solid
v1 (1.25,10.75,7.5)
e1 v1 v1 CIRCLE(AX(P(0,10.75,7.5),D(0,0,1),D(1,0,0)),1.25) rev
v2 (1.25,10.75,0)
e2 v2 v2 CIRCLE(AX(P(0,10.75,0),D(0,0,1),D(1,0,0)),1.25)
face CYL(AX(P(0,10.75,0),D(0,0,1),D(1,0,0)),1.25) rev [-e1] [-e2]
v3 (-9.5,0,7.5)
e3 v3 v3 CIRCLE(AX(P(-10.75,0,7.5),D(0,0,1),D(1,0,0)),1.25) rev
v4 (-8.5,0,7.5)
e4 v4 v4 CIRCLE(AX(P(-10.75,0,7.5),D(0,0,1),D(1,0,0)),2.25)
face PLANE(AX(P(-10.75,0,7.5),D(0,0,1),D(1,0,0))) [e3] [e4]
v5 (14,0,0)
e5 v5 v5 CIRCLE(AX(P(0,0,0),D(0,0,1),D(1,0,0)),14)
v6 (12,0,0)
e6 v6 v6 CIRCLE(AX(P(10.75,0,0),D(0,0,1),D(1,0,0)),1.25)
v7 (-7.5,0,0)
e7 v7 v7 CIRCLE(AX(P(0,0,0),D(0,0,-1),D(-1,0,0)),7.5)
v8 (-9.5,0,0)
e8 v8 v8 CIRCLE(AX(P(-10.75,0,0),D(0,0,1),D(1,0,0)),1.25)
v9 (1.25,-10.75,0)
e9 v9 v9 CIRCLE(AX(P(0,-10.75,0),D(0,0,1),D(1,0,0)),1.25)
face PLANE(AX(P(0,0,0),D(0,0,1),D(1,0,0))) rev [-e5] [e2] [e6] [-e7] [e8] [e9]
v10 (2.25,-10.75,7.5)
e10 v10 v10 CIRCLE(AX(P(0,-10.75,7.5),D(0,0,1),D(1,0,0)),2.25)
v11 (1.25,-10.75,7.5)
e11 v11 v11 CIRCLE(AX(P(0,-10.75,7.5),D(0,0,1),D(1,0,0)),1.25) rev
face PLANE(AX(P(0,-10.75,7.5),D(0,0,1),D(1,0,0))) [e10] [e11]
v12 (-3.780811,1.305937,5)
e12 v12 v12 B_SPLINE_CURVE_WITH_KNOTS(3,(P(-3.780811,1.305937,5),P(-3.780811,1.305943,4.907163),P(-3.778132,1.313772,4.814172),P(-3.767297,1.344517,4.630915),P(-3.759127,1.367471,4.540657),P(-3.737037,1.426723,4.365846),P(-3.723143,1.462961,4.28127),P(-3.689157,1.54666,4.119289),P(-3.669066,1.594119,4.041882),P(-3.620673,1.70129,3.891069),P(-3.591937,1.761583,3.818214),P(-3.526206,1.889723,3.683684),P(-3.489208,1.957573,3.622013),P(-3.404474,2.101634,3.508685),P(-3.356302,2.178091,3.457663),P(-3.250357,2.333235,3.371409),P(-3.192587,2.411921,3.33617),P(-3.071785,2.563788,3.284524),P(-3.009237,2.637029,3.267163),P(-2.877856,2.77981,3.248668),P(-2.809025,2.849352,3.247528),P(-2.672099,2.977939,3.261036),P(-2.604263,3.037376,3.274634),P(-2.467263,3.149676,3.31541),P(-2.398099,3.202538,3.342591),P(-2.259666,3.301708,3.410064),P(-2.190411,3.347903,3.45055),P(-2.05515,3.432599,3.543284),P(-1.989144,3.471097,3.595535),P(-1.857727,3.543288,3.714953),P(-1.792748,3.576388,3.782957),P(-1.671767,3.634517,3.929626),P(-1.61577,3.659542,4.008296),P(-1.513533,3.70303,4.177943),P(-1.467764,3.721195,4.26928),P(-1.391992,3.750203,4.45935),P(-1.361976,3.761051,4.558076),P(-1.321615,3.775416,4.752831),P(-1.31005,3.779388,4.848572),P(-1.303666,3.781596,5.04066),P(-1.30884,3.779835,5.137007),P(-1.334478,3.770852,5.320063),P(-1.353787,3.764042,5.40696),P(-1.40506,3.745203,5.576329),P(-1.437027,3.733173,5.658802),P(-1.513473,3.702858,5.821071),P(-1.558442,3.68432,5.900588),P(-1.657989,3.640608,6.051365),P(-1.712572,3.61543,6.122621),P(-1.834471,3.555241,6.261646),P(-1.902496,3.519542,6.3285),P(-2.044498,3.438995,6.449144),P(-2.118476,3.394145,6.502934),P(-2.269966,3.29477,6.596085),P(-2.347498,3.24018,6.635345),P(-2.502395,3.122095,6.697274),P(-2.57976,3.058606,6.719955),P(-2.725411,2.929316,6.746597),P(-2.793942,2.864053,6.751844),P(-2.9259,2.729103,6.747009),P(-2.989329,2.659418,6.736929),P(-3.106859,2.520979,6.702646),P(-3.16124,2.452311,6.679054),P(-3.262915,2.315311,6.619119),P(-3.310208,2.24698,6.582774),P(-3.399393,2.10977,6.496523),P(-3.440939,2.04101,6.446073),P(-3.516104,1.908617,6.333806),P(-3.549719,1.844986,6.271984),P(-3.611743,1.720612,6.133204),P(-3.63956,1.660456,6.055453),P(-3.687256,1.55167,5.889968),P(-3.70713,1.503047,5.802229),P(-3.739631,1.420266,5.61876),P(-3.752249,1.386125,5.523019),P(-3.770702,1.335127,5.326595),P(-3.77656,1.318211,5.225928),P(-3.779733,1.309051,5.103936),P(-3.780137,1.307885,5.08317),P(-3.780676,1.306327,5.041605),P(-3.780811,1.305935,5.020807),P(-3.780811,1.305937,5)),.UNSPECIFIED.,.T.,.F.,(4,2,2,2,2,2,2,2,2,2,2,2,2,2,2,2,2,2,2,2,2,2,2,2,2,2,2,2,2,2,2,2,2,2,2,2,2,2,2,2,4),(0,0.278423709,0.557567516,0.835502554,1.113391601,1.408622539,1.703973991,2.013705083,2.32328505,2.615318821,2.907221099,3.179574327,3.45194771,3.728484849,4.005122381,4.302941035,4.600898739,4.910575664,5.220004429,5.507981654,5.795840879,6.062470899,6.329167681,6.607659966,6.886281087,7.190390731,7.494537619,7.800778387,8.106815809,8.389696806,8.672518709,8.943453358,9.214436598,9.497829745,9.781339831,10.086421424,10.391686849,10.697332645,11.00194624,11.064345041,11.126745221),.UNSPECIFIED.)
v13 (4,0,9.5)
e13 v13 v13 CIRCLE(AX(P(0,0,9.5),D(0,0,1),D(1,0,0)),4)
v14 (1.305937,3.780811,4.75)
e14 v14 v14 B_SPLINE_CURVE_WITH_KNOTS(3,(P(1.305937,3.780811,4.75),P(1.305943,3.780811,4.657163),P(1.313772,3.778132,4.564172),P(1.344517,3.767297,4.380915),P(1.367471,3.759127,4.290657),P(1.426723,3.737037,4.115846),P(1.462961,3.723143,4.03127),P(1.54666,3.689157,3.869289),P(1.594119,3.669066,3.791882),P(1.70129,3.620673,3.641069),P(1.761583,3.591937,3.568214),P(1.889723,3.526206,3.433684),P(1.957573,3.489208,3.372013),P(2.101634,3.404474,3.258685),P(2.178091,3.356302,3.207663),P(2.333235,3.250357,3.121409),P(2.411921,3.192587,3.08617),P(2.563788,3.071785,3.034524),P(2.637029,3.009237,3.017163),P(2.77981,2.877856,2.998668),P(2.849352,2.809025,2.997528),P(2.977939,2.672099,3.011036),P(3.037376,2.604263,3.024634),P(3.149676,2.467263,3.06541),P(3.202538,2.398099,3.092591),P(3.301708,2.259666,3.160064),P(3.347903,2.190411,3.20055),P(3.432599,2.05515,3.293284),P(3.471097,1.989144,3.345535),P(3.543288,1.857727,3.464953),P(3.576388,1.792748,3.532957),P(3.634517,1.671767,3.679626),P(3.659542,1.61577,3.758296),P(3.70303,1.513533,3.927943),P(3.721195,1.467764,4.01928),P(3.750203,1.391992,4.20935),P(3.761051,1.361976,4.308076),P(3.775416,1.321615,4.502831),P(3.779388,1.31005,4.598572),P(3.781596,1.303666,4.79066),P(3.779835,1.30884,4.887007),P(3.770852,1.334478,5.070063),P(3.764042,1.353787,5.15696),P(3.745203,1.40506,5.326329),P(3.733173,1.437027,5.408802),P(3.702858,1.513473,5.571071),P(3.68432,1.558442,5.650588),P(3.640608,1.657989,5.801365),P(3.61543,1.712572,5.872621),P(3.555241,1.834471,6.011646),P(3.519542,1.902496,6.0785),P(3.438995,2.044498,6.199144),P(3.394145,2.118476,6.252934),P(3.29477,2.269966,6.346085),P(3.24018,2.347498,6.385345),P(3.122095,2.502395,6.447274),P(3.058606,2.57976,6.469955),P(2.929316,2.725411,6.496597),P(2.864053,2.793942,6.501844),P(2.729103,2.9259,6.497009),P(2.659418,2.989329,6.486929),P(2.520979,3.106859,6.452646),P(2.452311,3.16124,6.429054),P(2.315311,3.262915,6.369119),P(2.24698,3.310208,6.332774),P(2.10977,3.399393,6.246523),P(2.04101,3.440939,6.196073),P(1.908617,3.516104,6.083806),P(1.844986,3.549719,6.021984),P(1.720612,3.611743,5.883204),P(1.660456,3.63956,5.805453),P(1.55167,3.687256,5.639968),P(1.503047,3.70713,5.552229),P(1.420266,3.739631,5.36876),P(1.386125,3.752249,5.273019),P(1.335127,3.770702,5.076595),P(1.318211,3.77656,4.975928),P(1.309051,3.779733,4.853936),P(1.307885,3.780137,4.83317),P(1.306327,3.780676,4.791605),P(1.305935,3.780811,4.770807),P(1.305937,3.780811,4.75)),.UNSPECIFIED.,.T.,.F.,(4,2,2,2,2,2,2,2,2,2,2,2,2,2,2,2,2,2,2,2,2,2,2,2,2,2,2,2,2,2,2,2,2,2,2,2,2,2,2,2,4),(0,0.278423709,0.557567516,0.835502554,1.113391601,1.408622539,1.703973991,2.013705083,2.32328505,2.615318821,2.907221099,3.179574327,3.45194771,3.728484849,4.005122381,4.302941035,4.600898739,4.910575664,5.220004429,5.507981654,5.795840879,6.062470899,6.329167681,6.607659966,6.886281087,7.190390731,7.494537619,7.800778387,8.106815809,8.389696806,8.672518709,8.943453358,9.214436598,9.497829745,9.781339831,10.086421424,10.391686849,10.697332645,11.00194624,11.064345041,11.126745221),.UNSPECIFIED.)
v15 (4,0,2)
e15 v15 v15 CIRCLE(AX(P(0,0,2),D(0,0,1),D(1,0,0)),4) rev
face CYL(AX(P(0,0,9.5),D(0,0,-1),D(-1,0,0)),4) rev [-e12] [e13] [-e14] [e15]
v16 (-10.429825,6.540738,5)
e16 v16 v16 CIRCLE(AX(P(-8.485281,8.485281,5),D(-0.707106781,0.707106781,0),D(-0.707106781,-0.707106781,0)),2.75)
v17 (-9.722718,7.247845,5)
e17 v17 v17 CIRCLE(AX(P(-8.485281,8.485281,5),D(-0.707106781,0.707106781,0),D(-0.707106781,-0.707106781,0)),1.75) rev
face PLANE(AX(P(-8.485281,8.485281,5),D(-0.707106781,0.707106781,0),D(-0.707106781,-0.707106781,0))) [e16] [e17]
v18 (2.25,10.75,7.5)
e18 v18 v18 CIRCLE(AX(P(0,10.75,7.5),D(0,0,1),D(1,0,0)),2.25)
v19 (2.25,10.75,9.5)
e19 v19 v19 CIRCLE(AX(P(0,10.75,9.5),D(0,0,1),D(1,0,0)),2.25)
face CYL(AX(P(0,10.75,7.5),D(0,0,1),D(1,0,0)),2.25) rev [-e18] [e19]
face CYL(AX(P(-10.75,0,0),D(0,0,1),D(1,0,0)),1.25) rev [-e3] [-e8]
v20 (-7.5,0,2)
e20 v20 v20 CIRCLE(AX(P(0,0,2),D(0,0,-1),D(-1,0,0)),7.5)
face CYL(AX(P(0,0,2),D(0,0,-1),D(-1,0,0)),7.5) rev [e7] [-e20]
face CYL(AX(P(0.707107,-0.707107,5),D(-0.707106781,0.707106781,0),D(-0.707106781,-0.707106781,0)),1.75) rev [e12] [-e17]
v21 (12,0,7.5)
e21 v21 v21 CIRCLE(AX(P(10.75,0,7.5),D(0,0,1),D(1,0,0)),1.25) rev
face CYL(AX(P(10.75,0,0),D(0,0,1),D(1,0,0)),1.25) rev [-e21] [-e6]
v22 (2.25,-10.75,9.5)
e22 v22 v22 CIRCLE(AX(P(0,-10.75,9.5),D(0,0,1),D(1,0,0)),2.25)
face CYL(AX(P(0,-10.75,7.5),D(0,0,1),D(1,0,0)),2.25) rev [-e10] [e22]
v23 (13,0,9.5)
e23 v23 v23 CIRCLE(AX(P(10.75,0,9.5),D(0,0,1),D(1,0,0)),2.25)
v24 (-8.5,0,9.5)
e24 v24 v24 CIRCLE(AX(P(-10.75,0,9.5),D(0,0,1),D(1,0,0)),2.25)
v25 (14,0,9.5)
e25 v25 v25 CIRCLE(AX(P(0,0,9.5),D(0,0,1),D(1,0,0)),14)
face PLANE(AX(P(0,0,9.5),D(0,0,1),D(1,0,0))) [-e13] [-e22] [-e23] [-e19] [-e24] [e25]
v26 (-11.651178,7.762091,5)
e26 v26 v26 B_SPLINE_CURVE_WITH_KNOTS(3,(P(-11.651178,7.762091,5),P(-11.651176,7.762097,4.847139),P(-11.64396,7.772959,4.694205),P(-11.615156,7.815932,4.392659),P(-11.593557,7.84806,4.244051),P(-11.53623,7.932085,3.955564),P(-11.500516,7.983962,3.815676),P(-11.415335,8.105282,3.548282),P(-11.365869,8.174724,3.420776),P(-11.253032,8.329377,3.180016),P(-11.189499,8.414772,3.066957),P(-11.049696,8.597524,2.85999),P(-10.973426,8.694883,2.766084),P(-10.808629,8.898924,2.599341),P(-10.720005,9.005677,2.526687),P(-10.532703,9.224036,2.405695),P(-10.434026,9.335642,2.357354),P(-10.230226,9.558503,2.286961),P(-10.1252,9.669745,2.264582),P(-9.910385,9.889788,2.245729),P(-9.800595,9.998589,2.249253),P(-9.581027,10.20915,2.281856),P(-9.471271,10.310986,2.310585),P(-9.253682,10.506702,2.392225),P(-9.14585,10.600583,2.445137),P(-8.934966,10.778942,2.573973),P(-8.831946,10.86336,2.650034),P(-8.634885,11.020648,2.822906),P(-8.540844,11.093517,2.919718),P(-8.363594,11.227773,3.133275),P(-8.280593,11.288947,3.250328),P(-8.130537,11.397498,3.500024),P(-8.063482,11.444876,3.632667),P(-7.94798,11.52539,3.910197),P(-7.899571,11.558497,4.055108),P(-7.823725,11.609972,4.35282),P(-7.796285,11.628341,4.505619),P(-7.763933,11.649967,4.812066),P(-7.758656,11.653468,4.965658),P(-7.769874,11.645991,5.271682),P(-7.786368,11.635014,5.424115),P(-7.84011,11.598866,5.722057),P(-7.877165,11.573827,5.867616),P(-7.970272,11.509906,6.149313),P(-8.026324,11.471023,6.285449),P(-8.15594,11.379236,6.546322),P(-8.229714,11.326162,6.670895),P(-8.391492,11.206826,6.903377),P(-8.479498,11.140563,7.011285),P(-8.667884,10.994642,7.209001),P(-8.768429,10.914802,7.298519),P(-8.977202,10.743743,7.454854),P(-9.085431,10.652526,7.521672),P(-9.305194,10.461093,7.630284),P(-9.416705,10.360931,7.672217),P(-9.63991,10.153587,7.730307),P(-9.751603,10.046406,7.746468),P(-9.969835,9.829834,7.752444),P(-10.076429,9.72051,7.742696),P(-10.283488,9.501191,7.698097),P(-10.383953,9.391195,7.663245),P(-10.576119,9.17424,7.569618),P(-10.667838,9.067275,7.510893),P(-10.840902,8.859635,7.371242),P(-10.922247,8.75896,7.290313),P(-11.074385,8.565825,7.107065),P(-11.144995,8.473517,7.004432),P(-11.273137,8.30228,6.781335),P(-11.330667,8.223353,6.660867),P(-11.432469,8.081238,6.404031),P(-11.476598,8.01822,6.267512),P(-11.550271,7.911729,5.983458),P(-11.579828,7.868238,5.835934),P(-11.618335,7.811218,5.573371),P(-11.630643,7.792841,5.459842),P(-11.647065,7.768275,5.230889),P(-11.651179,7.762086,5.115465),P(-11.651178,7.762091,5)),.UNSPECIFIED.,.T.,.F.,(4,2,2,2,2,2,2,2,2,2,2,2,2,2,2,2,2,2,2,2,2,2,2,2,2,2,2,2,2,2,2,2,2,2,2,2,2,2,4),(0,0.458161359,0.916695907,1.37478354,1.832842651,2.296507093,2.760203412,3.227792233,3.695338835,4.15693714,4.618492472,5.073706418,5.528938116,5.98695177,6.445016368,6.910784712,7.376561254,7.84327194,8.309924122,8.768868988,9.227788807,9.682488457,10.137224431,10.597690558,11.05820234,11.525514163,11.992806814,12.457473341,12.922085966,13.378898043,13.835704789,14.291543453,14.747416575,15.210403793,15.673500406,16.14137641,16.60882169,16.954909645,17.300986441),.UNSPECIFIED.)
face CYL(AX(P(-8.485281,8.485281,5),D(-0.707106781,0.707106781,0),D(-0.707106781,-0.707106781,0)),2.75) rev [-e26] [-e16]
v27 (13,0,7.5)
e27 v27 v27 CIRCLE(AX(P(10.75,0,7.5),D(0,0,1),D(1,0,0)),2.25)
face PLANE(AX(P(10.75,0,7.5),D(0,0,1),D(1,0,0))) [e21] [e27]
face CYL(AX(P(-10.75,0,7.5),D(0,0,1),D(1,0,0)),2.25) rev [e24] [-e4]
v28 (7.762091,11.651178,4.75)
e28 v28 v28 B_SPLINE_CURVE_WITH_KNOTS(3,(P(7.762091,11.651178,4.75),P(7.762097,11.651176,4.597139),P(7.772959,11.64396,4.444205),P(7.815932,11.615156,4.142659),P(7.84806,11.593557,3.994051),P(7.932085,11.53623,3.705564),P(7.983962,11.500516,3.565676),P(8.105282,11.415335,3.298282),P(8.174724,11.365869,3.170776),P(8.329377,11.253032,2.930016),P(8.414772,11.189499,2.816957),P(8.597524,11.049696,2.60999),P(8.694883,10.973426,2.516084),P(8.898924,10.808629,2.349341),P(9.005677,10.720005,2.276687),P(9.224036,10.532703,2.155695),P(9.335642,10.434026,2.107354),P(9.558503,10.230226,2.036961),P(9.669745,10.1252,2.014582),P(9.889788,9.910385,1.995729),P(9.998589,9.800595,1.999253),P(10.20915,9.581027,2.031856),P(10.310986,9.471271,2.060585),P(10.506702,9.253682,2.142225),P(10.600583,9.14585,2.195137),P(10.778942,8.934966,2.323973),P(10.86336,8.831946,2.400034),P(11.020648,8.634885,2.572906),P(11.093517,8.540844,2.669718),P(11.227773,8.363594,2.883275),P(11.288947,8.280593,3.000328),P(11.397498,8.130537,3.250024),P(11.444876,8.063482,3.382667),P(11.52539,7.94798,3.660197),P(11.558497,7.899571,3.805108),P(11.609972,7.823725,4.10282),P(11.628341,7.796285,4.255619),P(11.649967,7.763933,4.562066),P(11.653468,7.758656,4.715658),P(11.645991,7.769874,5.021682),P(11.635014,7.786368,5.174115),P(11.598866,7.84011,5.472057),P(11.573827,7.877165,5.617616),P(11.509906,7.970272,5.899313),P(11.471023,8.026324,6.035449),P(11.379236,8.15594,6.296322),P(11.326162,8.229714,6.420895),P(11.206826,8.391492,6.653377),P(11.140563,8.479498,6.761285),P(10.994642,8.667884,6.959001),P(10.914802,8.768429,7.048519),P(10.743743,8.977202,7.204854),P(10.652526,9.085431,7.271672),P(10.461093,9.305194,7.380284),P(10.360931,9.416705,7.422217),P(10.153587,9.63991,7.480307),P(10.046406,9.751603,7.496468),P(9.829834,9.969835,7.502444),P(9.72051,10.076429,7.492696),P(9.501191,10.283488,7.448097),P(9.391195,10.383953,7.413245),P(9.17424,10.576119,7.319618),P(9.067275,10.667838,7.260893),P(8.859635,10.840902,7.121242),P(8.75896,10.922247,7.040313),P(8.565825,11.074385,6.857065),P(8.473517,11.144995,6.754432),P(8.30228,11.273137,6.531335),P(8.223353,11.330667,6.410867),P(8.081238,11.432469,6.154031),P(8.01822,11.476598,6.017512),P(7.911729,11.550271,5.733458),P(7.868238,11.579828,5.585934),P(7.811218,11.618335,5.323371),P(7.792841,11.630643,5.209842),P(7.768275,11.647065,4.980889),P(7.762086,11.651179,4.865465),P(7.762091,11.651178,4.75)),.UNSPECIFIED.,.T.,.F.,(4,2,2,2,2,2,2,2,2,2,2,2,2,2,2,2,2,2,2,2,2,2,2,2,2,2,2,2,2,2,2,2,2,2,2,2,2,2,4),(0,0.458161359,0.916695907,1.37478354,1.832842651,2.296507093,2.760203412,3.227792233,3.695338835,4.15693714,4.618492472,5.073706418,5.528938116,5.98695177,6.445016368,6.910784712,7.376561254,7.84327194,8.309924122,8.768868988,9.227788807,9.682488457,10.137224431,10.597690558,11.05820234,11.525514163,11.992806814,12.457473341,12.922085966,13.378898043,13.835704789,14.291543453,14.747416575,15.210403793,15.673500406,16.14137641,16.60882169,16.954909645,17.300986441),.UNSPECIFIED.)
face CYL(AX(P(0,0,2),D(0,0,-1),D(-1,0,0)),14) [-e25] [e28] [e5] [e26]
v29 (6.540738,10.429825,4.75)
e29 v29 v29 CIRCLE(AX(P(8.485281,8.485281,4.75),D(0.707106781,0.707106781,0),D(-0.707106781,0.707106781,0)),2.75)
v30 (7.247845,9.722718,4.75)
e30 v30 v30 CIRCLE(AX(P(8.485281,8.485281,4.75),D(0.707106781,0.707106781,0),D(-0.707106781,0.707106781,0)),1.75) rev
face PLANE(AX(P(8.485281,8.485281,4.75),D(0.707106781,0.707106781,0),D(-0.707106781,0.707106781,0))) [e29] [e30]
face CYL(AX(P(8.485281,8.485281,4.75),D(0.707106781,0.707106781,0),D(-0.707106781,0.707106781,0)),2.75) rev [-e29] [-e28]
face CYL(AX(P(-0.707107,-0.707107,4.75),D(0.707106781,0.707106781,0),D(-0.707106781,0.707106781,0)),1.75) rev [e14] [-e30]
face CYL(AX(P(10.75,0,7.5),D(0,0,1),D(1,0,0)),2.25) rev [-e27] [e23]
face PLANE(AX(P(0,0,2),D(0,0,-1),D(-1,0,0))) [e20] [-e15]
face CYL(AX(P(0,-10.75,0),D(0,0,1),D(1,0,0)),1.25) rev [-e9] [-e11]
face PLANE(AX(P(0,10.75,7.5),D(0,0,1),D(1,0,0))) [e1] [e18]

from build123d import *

# Parameters (mm, degrees)
SKETCH1_R           = 14
BOSS_EXTRUDE1_DEPTH = 2
SKETCH2_R           = 14
SKETCH2_R_2         = 4
BOSS_EXTRUDE2_DEPTH = 7.5
SKETCH3_R           = 7.5
CUT_EXTRUDE1_DEPTH  = 2
SKETCH5_R           = 1.25
CUT_EXTRUDE2_DEPTH  = 22.960191256
SKETCH7_R           = 1.75
CUT_EXTRUDE3_DEPTH  = 15
SKETCH9_R           = 1.75
CUT_EXTRUDE4_DEPTH  = 15
SKETCH10_R          = 2.25
CUT_EXTRUDE5_DEPTH  = 2
SKETCH11_R          = 2.75
CUT_EXTRUDE6_DEPTH  = 2
SKETCH12_R          = 2.75
CUT_EXTRUDE7_DEPTH  = 2


with BuildPart() as part:
    # Sketch1 → Boss-Extrude1 (new body)
    with BuildSketch(Plane.XY):
        Circle(SKETCH1_R)
    extrude(amount=BOSS_EXTRUDE1_DEPTH)

    # Sketch2 → Boss-Extrude2 (add)
    with BuildSketch(Plane.XY.offset(2)):
        Circle(SKETCH2_R)
        Circle(SKETCH2_R_2, mode=Mode.SUBTRACT)
    extrude(amount=BOSS_EXTRUDE2_DEPTH)

    # Sketch3 → Cut-Extrude1 (cut)
    with BuildSketch(Plane(origin=(0, 0, 0), x_dir=(-1, 0, 0), z_dir=(0, 0, -1))):
        Circle(SKETCH3_R)
    extrude(amount=-CUT_EXTRUDE1_DEPTH, mode=Mode.SUBTRACT)

    # Sketch5 → Cut-Extrude2 (cut, through all)
    with BuildSketch(Plane.XY.offset(9.5)):
        with Locations((0, 10.75)):
            Circle(SKETCH5_R)
        with Locations((10.75, 0)):
            Circle(SKETCH5_R)
        with Locations((0, -10.75)):
            Circle(SKETCH5_R)
        with Locations((-10.75, 0)):
            Circle(SKETCH5_R)
    extrude(amount=-CUT_EXTRUDE2_DEPTH, mode=Mode.SUBTRACT)

    # Sketch7 → Cut-Extrude3 (cut)
    with BuildSketch(Plane(origin=(9.899494937, 9.899494937, 0), x_dir=(0.7071067811865489, -0.7071067811865461, 0), z_dir=(0.7071067811865461, 0.7071067811865489, 0))):
        with Locations((0, -4.75)):
            Circle(SKETCH7_R)
    extrude(amount=-CUT_EXTRUDE3_DEPTH, mode=Mode.SUBTRACT)

    # Sketch9 → Cut-Extrude4 (cut)
    with BuildSketch(Plane(origin=(-9.899494937, 9.899494937, 0), x_dir=(0, 0, 1), z_dir=(-0.7071067811865489, 0.7071067811865462, 0))):
        with Locations((5, 0)):
            Circle(SKETCH9_R)
    extrude(amount=-CUT_EXTRUDE4_DEPTH, mode=Mode.SUBTRACT)

    # Sketch10 → Cut-Extrude5 (cut)
    with BuildSketch(Plane.XY.offset(9.5)):
        with Locations((0, 10.75)):
            Circle(SKETCH10_R)
        with Locations((10.75, 0)):
            Circle(SKETCH10_R)
        with Locations((0, -10.75)):
            Circle(SKETCH10_R)
        with Locations((-10.75, 0)):
            Circle(SKETCH10_R)
    extrude(amount=-CUT_EXTRUDE5_DEPTH, mode=Mode.SUBTRACT)

    # Sketch11 → Cut-Extrude6 (cut)
    with BuildSketch(Plane(origin=(9.899494937, 9.899494937, 0), x_dir=(0.7071067811865489, -0.7071067811865461, 0), z_dir=(0.7071067811865461, 0.7071067811865489, 0))):
        with Locations((0, -4.75)):
            Circle(SKETCH11_R)
    extrude(amount=-CUT_EXTRUDE6_DEPTH, mode=Mode.SUBTRACT)

    # Sketch12 → Cut-Extrude7 (cut)
    with BuildSketch(Plane(origin=(-9.899494937, 9.899494937, 0), x_dir=(0, 0, 1), z_dir=(-0.7071067811865489, 0.7071067811865462, 0))):
        with Locations((5, 0)):
            Circle(SKETCH12_R)
    extrude(amount=-CUT_EXTRUDE7_DEPTH, mode=Mode.SUBTRACT)


solid = part.part
